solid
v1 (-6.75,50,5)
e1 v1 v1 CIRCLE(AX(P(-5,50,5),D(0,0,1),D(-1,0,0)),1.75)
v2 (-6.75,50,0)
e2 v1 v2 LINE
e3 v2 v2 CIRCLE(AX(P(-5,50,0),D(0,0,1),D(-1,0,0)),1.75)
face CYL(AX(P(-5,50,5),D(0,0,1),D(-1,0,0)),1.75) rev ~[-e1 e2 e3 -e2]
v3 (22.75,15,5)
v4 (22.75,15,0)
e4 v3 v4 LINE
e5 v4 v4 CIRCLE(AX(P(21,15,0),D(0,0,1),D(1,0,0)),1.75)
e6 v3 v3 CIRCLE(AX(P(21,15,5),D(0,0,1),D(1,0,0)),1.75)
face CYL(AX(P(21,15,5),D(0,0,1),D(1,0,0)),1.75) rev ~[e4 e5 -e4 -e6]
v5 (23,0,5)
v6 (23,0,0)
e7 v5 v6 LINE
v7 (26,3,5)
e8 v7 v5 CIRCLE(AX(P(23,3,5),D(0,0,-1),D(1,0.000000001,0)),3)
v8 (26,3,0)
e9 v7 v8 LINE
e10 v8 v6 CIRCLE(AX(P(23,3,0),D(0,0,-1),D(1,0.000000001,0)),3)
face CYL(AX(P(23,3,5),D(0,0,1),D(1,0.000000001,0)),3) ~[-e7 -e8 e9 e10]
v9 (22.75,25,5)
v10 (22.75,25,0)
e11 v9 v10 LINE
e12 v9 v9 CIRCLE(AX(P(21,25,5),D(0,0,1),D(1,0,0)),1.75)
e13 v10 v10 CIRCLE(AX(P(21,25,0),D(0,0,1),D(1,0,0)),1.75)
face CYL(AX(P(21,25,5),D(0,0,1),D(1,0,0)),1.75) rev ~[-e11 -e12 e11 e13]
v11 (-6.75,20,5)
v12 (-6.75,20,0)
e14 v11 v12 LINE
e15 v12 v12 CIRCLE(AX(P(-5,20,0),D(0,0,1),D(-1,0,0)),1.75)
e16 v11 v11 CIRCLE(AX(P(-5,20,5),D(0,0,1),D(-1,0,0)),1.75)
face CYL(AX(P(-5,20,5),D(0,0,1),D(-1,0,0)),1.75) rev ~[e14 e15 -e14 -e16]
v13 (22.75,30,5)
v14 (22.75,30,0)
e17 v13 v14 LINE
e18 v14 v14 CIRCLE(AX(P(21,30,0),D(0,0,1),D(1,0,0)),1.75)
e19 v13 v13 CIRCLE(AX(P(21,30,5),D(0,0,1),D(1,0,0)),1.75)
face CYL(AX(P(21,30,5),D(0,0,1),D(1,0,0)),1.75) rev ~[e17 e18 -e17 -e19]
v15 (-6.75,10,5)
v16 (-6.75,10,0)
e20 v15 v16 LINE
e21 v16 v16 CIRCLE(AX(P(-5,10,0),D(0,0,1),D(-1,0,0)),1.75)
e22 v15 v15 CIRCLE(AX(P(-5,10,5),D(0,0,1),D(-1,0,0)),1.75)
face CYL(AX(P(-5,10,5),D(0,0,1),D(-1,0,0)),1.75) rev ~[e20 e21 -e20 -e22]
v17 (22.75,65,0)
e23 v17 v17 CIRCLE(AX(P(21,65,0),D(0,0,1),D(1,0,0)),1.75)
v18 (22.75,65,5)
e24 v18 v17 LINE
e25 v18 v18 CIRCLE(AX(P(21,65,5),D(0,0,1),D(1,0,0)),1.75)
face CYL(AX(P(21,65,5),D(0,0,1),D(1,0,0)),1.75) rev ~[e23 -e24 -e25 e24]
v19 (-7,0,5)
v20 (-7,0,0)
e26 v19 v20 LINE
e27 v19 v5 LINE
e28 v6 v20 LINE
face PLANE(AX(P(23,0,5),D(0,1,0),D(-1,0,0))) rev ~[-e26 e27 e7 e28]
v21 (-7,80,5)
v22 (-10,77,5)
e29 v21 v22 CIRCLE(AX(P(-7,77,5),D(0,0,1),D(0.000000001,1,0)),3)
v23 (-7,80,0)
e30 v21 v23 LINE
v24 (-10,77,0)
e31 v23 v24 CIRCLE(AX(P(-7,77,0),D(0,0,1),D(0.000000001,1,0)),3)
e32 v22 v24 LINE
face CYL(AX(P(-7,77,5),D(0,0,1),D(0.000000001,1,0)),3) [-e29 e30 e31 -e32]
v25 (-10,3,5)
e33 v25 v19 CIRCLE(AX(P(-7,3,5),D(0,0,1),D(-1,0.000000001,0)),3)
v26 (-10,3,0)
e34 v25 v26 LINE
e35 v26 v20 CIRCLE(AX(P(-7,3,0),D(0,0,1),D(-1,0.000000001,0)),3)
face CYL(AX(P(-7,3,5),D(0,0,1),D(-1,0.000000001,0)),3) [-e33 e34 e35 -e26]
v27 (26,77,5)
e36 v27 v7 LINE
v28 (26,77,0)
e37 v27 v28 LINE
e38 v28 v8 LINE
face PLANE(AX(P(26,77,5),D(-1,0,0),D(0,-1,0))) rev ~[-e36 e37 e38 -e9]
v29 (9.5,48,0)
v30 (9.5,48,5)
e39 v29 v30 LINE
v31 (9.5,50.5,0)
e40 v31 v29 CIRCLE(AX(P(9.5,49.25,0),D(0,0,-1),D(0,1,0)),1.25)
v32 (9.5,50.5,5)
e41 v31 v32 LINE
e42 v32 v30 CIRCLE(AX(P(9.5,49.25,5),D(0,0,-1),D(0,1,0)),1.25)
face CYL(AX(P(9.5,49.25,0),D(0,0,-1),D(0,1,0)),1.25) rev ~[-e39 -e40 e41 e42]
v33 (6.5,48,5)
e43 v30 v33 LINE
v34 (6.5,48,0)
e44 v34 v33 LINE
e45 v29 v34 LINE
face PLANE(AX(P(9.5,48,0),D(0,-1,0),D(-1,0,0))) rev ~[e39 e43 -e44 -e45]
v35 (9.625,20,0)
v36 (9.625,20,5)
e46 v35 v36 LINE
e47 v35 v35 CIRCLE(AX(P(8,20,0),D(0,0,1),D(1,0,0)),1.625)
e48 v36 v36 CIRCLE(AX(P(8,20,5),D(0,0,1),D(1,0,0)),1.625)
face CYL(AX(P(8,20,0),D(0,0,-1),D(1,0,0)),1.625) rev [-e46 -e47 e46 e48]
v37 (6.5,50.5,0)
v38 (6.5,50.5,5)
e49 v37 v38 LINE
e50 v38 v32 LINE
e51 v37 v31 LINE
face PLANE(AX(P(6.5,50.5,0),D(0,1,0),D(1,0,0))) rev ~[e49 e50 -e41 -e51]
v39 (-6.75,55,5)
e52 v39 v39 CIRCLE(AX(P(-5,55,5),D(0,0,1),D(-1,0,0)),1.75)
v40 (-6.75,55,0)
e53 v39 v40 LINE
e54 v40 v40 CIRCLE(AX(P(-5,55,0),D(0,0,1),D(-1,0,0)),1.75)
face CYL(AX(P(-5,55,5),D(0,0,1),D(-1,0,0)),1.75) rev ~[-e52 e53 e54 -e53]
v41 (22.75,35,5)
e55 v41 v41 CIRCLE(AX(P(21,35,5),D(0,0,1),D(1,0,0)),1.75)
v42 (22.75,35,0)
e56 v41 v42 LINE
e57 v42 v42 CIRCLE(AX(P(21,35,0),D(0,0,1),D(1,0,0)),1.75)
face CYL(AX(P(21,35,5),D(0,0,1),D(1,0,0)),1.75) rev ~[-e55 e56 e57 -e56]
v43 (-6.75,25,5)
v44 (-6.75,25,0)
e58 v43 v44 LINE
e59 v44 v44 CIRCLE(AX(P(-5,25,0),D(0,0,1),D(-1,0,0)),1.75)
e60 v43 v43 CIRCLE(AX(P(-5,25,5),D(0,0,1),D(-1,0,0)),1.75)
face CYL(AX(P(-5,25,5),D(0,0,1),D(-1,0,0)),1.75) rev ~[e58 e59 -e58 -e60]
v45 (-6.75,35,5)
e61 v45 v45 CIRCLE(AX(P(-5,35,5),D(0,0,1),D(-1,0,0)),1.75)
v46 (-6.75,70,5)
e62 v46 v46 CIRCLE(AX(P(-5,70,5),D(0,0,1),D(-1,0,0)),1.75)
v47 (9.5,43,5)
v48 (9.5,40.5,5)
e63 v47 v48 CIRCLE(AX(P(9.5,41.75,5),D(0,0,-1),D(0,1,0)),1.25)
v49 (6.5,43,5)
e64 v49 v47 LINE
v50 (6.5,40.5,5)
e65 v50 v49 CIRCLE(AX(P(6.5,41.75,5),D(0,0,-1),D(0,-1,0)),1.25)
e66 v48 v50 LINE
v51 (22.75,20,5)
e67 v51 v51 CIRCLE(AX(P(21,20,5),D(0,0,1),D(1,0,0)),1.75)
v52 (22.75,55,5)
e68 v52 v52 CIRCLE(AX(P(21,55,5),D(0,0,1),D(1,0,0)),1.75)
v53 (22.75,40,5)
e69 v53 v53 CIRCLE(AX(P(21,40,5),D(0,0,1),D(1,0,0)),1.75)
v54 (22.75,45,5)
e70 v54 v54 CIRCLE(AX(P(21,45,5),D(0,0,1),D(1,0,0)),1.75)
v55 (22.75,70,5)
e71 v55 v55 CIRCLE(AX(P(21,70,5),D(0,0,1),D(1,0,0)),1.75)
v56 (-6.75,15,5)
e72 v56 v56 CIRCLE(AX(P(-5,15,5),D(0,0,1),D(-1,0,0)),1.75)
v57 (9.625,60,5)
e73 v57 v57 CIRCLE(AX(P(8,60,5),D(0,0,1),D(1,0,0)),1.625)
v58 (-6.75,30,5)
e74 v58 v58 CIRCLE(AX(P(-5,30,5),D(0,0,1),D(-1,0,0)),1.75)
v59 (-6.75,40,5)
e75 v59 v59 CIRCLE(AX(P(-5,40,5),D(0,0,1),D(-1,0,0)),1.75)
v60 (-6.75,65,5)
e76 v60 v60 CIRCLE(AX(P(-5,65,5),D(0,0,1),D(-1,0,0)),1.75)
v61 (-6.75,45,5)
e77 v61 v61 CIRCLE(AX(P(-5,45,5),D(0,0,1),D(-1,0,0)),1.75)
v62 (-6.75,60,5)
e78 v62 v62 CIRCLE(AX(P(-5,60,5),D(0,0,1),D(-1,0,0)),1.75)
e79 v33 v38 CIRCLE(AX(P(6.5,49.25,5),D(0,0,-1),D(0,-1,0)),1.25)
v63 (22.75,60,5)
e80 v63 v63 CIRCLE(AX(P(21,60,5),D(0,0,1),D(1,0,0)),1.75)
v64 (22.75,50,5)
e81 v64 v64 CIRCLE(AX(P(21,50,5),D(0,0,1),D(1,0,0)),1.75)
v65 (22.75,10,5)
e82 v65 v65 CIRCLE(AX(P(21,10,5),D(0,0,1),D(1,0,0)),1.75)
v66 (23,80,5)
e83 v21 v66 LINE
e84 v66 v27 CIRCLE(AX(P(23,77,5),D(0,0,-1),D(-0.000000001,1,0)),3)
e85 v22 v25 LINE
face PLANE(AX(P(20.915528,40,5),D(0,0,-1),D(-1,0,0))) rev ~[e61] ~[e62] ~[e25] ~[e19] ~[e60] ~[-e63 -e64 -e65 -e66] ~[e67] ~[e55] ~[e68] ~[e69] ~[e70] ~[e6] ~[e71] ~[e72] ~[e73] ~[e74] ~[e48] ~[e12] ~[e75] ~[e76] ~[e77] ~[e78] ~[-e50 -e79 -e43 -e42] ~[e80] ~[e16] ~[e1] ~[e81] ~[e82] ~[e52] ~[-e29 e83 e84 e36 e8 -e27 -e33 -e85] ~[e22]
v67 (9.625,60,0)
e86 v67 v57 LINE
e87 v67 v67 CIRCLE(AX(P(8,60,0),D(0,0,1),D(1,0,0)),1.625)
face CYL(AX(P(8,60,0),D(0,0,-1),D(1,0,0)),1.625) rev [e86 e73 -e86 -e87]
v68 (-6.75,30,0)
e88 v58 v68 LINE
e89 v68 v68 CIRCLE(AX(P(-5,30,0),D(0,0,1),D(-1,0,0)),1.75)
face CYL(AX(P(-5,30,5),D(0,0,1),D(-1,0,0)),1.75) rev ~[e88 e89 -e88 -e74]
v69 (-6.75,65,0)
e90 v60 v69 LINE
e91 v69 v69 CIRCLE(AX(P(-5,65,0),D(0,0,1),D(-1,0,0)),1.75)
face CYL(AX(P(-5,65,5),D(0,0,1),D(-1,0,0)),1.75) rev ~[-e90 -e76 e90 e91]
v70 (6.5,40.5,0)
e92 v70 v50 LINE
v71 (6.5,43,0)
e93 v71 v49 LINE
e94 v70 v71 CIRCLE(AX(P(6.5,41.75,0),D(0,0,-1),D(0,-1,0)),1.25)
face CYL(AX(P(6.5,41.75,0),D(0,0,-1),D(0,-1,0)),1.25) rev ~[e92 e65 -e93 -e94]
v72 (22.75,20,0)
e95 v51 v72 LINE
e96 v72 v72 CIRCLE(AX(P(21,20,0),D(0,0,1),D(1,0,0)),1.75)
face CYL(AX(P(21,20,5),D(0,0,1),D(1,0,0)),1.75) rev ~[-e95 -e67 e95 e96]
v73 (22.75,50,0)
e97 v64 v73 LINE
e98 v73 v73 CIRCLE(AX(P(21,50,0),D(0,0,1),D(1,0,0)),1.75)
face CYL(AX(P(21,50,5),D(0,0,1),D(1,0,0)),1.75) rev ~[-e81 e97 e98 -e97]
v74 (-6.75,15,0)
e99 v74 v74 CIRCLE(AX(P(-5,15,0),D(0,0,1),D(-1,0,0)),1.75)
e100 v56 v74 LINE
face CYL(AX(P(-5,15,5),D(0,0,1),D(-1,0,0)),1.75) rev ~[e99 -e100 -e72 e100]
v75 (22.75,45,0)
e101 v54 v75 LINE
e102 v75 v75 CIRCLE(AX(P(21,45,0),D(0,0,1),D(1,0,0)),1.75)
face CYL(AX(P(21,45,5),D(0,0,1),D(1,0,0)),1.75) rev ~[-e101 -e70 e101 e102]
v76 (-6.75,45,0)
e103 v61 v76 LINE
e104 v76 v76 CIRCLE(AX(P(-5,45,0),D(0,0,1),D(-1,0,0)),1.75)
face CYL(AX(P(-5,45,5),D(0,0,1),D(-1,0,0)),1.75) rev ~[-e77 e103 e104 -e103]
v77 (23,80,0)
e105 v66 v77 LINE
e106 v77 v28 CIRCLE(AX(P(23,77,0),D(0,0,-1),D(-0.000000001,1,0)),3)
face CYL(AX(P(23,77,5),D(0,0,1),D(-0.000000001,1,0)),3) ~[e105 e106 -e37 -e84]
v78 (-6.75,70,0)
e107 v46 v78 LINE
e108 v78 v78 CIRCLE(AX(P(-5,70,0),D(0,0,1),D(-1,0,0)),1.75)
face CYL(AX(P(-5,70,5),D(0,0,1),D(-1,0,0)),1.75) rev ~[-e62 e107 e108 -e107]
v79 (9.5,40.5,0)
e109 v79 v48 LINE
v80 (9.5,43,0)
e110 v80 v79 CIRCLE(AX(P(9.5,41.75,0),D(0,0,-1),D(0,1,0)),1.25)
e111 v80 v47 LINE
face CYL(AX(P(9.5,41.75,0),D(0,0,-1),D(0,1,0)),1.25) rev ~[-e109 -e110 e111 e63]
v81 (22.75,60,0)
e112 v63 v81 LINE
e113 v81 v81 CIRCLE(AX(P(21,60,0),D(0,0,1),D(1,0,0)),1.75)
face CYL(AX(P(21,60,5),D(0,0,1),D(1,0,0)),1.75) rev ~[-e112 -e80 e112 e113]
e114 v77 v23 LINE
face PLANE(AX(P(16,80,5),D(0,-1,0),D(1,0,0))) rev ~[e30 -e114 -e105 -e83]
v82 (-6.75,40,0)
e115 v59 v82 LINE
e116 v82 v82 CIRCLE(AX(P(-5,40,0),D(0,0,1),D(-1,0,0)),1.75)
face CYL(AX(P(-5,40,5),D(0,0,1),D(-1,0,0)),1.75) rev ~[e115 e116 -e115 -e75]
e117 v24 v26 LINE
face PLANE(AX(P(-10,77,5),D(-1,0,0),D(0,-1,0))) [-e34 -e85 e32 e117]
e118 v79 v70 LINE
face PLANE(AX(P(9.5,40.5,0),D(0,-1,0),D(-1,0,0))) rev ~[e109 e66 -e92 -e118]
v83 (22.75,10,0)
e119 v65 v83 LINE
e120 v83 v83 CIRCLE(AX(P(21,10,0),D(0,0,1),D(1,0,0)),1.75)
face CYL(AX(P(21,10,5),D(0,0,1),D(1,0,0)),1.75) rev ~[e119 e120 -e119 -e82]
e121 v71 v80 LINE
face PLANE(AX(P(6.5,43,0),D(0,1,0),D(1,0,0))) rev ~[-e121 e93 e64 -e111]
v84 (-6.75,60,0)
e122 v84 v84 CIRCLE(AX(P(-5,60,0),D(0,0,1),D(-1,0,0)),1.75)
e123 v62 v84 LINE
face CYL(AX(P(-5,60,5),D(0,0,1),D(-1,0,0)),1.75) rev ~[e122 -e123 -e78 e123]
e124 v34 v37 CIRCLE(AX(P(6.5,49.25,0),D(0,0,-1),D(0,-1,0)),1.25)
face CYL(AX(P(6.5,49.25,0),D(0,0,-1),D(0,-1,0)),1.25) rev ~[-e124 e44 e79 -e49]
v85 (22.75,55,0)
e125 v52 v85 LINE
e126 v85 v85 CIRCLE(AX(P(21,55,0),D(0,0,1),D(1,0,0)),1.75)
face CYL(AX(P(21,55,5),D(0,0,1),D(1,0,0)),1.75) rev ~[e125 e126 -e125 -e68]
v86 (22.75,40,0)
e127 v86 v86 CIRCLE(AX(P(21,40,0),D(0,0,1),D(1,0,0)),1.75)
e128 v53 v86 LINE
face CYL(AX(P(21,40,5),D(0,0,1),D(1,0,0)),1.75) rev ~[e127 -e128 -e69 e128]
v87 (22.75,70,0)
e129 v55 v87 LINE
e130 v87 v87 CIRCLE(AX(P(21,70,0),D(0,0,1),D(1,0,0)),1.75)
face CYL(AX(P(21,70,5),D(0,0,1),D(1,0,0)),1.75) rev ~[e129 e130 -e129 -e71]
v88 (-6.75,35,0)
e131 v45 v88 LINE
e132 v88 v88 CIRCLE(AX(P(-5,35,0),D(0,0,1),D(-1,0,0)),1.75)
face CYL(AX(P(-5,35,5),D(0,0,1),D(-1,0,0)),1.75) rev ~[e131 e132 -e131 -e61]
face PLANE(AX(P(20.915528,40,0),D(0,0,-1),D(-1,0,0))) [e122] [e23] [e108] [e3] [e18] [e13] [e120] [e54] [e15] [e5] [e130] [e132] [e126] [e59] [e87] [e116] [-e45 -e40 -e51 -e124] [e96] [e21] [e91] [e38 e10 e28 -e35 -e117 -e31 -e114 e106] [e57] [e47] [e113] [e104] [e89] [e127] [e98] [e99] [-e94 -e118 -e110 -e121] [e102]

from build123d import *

# Parameters (mm, degrees)
SKETCH1_W           = 16
SKETCH1_H           = 80
SKETCH1_R           = 1.625
BOSS_EXTRUDE1_DEPTH = 5
SKETCH2_R           = 1.75
BOSS_EXTRUDE2_DEPTH = 5


with BuildPart() as part:
    # Sketch1 → Boss-Extrude1 (new body)
    with BuildSketch(Plane.XY):
        with Locations((8, 40)):
            Rectangle(SKETCH1_W, SKETCH1_H)
        with Locations((8, 20)):
            Circle(SKETCH1_R, mode=Mode.SUBTRACT)
        with Locations((8, 60)):
            Circle(SKETCH1_R, mode=Mode.SUBTRACT)
        with BuildLine():
            Line((6.5, 50.5), (9.5, 50.5))
            ThreePointArc((9.5, 50.5), (10.75, 49.25), (9.5, 48))
            Line((9.5, 48), (6.5, 48))
            ThreePointArc((6.5, 48), (5.25, 49.25), (6.5, 50.5))
        make_face(mode=Mode.SUBTRACT)
        with BuildLine():
            Line((6.5, 43), (9.5, 43))
            ThreePointArc((9.5, 43), (10.75, 41.75), (9.5, 40.5))
            Line((9.5, 40.5), (6.5, 40.5))
            ThreePointArc((6.5, 40.5), (5.25, 41.75), (6.5, 43))
        make_face(mode=Mode.SUBTRACT)
    extrude(amount=BOSS_EXTRUDE1_DEPTH)

    # Sketch2 → Boss-Extrude2 (add)
    # profile 1 of 2: a face of its own
    with BuildSketch(Plane.XY.offset(5)):
        with BuildLine():
            Line((16, 80), (23, 80))
            ThreePointArc((23, 80), (25.121320344, 79.121320344), (26, 77))
            Line((26, 77), (26, 3))
            ThreePointArc((26, 3), (25.121320344, 0.878679656), (23, 0))
            Line((23, 0), (16, 0))
            Line((16, 0), (16, 80))
        make_face()
        with Locations((21, 70)):
            Circle(SKETCH2_R, mode=Mode.SUBTRACT)
        with Locations((21, 65)):
            Circle(SKETCH2_R, mode=Mode.SUBTRACT)
        with Locations((21, 60)):
            Circle(SKETCH2_R, mode=Mode.SUBTRACT)
        with Locations((21, 55)):
            Circle(SKETCH2_R, mode=Mode.SUBTRACT)
        with Locations((21, 50)):
            Circle(SKETCH2_R, mode=Mode.SUBTRACT)
        with Locations((21, 45)):
            Circle(SKETCH2_R, mode=Mode.SUBTRACT)
        with Locations((21, 40)):
            Circle(SKETCH2_R, mode=Mode.SUBTRACT)
        with Locations((21, 35)):
            Circle(SKETCH2_R, mode=Mode.SUBTRACT)
        with Locations((21, 30)):
            Circle(SKETCH2_R, mode=Mode.SUBTRACT)
        with Locations((21, 25)):
            Circle(SKETCH2_R, mode=Mode.SUBTRACT)
        with Locations((21, 20)):
            Circle(SKETCH2_R, mode=Mode.SUBTRACT)
        with Locations((21, 15)):
            Circle(SKETCH2_R, mode=Mode.SUBTRACT)
        with Locations((21, 10)):
            Circle(SKETCH2_R, mode=Mode.SUBTRACT)
    # profile 2 of 2: a face of its own
    with BuildSketch(Plane.XY.offset(5)):
        with BuildLine():
            Line((0, 0), (0, 80))
            Line((0, 80), (-7, 80))
            ThreePointArc((-7, 80), (-9.121320344, 79.121320344), (-10, 77))
            Line((-10, 77), (-10, 3))
            ThreePointArc((-10, 3), (-9.121320344, 0.878679656), (-7, 0))
            Line((-7, 0), (0, 0))
        make_face()
        with Locations(Location((-5, 10, 0), (0, 0, 180))):
            Circle(SKETCH2_R, mode=Mode.SUBTRACT)
        with Locations(Location((-5, 15, 0), (0, 0, 180))):
            Circle(SKETCH2_R, mode=Mode.SUBTRACT)
        with Locations(Location((-5, 20, 0), (0, 0, 180))):
            Circle(SKETCH2_R, mode=Mode.SUBTRACT)
        with Locations(Location((-5, 25, 0), (0, 0, 180))):
            Circle(SKETCH2_R, mode=Mode.SUBTRACT)
        with Locations(Location((-5, 30, 0), (0, 0, 180))):
            Circle(SKETCH2_R, mode=Mode.SUBTRACT)
        with Locations(Location((-5, 35, 0), (0, 0, 180))):
            Circle(SKETCH2_R, mode=Mode.SUBTRACT)
        with Locations(Location((-5, 40, 0), (0, 0, 180))):
            Circle(SKETCH2_R, mode=Mode.SUBTRACT)
        with Locations(Location((-5, 45, 0), (0, 0, 180))):
            Circle(SKETCH2_R, mode=Mode.SUBTRACT)
        with Locations(Location((-5, 50, 0), (0, 0, 180))):
            Circle(SKETCH2_R, mode=Mode.SUBTRACT)
        with Locations(Location((-5, 55, 0), (0, 0, 180))):
            Circle(SKETCH2_R, mode=Mode.SUBTRACT)
        with Locations(Location((-5, 60, 0), (0, 0, 180))):
            Circle(SKETCH2_R, mode=Mode.SUBTRACT)
        with Locations(Location((-5, 65, 0), (0, 0, 180))):
            Circle(SKETCH2_R, mode=Mode.SUBTRACT)
        with Locations(Location((-5, 70, 0), (0, 0, 180))):
            Circle(SKETCH2_R, mode=Mode.SUBTRACT)
    extrude(amount=-BOSS_EXTRUDE2_DEPTH)


solid = part.part
